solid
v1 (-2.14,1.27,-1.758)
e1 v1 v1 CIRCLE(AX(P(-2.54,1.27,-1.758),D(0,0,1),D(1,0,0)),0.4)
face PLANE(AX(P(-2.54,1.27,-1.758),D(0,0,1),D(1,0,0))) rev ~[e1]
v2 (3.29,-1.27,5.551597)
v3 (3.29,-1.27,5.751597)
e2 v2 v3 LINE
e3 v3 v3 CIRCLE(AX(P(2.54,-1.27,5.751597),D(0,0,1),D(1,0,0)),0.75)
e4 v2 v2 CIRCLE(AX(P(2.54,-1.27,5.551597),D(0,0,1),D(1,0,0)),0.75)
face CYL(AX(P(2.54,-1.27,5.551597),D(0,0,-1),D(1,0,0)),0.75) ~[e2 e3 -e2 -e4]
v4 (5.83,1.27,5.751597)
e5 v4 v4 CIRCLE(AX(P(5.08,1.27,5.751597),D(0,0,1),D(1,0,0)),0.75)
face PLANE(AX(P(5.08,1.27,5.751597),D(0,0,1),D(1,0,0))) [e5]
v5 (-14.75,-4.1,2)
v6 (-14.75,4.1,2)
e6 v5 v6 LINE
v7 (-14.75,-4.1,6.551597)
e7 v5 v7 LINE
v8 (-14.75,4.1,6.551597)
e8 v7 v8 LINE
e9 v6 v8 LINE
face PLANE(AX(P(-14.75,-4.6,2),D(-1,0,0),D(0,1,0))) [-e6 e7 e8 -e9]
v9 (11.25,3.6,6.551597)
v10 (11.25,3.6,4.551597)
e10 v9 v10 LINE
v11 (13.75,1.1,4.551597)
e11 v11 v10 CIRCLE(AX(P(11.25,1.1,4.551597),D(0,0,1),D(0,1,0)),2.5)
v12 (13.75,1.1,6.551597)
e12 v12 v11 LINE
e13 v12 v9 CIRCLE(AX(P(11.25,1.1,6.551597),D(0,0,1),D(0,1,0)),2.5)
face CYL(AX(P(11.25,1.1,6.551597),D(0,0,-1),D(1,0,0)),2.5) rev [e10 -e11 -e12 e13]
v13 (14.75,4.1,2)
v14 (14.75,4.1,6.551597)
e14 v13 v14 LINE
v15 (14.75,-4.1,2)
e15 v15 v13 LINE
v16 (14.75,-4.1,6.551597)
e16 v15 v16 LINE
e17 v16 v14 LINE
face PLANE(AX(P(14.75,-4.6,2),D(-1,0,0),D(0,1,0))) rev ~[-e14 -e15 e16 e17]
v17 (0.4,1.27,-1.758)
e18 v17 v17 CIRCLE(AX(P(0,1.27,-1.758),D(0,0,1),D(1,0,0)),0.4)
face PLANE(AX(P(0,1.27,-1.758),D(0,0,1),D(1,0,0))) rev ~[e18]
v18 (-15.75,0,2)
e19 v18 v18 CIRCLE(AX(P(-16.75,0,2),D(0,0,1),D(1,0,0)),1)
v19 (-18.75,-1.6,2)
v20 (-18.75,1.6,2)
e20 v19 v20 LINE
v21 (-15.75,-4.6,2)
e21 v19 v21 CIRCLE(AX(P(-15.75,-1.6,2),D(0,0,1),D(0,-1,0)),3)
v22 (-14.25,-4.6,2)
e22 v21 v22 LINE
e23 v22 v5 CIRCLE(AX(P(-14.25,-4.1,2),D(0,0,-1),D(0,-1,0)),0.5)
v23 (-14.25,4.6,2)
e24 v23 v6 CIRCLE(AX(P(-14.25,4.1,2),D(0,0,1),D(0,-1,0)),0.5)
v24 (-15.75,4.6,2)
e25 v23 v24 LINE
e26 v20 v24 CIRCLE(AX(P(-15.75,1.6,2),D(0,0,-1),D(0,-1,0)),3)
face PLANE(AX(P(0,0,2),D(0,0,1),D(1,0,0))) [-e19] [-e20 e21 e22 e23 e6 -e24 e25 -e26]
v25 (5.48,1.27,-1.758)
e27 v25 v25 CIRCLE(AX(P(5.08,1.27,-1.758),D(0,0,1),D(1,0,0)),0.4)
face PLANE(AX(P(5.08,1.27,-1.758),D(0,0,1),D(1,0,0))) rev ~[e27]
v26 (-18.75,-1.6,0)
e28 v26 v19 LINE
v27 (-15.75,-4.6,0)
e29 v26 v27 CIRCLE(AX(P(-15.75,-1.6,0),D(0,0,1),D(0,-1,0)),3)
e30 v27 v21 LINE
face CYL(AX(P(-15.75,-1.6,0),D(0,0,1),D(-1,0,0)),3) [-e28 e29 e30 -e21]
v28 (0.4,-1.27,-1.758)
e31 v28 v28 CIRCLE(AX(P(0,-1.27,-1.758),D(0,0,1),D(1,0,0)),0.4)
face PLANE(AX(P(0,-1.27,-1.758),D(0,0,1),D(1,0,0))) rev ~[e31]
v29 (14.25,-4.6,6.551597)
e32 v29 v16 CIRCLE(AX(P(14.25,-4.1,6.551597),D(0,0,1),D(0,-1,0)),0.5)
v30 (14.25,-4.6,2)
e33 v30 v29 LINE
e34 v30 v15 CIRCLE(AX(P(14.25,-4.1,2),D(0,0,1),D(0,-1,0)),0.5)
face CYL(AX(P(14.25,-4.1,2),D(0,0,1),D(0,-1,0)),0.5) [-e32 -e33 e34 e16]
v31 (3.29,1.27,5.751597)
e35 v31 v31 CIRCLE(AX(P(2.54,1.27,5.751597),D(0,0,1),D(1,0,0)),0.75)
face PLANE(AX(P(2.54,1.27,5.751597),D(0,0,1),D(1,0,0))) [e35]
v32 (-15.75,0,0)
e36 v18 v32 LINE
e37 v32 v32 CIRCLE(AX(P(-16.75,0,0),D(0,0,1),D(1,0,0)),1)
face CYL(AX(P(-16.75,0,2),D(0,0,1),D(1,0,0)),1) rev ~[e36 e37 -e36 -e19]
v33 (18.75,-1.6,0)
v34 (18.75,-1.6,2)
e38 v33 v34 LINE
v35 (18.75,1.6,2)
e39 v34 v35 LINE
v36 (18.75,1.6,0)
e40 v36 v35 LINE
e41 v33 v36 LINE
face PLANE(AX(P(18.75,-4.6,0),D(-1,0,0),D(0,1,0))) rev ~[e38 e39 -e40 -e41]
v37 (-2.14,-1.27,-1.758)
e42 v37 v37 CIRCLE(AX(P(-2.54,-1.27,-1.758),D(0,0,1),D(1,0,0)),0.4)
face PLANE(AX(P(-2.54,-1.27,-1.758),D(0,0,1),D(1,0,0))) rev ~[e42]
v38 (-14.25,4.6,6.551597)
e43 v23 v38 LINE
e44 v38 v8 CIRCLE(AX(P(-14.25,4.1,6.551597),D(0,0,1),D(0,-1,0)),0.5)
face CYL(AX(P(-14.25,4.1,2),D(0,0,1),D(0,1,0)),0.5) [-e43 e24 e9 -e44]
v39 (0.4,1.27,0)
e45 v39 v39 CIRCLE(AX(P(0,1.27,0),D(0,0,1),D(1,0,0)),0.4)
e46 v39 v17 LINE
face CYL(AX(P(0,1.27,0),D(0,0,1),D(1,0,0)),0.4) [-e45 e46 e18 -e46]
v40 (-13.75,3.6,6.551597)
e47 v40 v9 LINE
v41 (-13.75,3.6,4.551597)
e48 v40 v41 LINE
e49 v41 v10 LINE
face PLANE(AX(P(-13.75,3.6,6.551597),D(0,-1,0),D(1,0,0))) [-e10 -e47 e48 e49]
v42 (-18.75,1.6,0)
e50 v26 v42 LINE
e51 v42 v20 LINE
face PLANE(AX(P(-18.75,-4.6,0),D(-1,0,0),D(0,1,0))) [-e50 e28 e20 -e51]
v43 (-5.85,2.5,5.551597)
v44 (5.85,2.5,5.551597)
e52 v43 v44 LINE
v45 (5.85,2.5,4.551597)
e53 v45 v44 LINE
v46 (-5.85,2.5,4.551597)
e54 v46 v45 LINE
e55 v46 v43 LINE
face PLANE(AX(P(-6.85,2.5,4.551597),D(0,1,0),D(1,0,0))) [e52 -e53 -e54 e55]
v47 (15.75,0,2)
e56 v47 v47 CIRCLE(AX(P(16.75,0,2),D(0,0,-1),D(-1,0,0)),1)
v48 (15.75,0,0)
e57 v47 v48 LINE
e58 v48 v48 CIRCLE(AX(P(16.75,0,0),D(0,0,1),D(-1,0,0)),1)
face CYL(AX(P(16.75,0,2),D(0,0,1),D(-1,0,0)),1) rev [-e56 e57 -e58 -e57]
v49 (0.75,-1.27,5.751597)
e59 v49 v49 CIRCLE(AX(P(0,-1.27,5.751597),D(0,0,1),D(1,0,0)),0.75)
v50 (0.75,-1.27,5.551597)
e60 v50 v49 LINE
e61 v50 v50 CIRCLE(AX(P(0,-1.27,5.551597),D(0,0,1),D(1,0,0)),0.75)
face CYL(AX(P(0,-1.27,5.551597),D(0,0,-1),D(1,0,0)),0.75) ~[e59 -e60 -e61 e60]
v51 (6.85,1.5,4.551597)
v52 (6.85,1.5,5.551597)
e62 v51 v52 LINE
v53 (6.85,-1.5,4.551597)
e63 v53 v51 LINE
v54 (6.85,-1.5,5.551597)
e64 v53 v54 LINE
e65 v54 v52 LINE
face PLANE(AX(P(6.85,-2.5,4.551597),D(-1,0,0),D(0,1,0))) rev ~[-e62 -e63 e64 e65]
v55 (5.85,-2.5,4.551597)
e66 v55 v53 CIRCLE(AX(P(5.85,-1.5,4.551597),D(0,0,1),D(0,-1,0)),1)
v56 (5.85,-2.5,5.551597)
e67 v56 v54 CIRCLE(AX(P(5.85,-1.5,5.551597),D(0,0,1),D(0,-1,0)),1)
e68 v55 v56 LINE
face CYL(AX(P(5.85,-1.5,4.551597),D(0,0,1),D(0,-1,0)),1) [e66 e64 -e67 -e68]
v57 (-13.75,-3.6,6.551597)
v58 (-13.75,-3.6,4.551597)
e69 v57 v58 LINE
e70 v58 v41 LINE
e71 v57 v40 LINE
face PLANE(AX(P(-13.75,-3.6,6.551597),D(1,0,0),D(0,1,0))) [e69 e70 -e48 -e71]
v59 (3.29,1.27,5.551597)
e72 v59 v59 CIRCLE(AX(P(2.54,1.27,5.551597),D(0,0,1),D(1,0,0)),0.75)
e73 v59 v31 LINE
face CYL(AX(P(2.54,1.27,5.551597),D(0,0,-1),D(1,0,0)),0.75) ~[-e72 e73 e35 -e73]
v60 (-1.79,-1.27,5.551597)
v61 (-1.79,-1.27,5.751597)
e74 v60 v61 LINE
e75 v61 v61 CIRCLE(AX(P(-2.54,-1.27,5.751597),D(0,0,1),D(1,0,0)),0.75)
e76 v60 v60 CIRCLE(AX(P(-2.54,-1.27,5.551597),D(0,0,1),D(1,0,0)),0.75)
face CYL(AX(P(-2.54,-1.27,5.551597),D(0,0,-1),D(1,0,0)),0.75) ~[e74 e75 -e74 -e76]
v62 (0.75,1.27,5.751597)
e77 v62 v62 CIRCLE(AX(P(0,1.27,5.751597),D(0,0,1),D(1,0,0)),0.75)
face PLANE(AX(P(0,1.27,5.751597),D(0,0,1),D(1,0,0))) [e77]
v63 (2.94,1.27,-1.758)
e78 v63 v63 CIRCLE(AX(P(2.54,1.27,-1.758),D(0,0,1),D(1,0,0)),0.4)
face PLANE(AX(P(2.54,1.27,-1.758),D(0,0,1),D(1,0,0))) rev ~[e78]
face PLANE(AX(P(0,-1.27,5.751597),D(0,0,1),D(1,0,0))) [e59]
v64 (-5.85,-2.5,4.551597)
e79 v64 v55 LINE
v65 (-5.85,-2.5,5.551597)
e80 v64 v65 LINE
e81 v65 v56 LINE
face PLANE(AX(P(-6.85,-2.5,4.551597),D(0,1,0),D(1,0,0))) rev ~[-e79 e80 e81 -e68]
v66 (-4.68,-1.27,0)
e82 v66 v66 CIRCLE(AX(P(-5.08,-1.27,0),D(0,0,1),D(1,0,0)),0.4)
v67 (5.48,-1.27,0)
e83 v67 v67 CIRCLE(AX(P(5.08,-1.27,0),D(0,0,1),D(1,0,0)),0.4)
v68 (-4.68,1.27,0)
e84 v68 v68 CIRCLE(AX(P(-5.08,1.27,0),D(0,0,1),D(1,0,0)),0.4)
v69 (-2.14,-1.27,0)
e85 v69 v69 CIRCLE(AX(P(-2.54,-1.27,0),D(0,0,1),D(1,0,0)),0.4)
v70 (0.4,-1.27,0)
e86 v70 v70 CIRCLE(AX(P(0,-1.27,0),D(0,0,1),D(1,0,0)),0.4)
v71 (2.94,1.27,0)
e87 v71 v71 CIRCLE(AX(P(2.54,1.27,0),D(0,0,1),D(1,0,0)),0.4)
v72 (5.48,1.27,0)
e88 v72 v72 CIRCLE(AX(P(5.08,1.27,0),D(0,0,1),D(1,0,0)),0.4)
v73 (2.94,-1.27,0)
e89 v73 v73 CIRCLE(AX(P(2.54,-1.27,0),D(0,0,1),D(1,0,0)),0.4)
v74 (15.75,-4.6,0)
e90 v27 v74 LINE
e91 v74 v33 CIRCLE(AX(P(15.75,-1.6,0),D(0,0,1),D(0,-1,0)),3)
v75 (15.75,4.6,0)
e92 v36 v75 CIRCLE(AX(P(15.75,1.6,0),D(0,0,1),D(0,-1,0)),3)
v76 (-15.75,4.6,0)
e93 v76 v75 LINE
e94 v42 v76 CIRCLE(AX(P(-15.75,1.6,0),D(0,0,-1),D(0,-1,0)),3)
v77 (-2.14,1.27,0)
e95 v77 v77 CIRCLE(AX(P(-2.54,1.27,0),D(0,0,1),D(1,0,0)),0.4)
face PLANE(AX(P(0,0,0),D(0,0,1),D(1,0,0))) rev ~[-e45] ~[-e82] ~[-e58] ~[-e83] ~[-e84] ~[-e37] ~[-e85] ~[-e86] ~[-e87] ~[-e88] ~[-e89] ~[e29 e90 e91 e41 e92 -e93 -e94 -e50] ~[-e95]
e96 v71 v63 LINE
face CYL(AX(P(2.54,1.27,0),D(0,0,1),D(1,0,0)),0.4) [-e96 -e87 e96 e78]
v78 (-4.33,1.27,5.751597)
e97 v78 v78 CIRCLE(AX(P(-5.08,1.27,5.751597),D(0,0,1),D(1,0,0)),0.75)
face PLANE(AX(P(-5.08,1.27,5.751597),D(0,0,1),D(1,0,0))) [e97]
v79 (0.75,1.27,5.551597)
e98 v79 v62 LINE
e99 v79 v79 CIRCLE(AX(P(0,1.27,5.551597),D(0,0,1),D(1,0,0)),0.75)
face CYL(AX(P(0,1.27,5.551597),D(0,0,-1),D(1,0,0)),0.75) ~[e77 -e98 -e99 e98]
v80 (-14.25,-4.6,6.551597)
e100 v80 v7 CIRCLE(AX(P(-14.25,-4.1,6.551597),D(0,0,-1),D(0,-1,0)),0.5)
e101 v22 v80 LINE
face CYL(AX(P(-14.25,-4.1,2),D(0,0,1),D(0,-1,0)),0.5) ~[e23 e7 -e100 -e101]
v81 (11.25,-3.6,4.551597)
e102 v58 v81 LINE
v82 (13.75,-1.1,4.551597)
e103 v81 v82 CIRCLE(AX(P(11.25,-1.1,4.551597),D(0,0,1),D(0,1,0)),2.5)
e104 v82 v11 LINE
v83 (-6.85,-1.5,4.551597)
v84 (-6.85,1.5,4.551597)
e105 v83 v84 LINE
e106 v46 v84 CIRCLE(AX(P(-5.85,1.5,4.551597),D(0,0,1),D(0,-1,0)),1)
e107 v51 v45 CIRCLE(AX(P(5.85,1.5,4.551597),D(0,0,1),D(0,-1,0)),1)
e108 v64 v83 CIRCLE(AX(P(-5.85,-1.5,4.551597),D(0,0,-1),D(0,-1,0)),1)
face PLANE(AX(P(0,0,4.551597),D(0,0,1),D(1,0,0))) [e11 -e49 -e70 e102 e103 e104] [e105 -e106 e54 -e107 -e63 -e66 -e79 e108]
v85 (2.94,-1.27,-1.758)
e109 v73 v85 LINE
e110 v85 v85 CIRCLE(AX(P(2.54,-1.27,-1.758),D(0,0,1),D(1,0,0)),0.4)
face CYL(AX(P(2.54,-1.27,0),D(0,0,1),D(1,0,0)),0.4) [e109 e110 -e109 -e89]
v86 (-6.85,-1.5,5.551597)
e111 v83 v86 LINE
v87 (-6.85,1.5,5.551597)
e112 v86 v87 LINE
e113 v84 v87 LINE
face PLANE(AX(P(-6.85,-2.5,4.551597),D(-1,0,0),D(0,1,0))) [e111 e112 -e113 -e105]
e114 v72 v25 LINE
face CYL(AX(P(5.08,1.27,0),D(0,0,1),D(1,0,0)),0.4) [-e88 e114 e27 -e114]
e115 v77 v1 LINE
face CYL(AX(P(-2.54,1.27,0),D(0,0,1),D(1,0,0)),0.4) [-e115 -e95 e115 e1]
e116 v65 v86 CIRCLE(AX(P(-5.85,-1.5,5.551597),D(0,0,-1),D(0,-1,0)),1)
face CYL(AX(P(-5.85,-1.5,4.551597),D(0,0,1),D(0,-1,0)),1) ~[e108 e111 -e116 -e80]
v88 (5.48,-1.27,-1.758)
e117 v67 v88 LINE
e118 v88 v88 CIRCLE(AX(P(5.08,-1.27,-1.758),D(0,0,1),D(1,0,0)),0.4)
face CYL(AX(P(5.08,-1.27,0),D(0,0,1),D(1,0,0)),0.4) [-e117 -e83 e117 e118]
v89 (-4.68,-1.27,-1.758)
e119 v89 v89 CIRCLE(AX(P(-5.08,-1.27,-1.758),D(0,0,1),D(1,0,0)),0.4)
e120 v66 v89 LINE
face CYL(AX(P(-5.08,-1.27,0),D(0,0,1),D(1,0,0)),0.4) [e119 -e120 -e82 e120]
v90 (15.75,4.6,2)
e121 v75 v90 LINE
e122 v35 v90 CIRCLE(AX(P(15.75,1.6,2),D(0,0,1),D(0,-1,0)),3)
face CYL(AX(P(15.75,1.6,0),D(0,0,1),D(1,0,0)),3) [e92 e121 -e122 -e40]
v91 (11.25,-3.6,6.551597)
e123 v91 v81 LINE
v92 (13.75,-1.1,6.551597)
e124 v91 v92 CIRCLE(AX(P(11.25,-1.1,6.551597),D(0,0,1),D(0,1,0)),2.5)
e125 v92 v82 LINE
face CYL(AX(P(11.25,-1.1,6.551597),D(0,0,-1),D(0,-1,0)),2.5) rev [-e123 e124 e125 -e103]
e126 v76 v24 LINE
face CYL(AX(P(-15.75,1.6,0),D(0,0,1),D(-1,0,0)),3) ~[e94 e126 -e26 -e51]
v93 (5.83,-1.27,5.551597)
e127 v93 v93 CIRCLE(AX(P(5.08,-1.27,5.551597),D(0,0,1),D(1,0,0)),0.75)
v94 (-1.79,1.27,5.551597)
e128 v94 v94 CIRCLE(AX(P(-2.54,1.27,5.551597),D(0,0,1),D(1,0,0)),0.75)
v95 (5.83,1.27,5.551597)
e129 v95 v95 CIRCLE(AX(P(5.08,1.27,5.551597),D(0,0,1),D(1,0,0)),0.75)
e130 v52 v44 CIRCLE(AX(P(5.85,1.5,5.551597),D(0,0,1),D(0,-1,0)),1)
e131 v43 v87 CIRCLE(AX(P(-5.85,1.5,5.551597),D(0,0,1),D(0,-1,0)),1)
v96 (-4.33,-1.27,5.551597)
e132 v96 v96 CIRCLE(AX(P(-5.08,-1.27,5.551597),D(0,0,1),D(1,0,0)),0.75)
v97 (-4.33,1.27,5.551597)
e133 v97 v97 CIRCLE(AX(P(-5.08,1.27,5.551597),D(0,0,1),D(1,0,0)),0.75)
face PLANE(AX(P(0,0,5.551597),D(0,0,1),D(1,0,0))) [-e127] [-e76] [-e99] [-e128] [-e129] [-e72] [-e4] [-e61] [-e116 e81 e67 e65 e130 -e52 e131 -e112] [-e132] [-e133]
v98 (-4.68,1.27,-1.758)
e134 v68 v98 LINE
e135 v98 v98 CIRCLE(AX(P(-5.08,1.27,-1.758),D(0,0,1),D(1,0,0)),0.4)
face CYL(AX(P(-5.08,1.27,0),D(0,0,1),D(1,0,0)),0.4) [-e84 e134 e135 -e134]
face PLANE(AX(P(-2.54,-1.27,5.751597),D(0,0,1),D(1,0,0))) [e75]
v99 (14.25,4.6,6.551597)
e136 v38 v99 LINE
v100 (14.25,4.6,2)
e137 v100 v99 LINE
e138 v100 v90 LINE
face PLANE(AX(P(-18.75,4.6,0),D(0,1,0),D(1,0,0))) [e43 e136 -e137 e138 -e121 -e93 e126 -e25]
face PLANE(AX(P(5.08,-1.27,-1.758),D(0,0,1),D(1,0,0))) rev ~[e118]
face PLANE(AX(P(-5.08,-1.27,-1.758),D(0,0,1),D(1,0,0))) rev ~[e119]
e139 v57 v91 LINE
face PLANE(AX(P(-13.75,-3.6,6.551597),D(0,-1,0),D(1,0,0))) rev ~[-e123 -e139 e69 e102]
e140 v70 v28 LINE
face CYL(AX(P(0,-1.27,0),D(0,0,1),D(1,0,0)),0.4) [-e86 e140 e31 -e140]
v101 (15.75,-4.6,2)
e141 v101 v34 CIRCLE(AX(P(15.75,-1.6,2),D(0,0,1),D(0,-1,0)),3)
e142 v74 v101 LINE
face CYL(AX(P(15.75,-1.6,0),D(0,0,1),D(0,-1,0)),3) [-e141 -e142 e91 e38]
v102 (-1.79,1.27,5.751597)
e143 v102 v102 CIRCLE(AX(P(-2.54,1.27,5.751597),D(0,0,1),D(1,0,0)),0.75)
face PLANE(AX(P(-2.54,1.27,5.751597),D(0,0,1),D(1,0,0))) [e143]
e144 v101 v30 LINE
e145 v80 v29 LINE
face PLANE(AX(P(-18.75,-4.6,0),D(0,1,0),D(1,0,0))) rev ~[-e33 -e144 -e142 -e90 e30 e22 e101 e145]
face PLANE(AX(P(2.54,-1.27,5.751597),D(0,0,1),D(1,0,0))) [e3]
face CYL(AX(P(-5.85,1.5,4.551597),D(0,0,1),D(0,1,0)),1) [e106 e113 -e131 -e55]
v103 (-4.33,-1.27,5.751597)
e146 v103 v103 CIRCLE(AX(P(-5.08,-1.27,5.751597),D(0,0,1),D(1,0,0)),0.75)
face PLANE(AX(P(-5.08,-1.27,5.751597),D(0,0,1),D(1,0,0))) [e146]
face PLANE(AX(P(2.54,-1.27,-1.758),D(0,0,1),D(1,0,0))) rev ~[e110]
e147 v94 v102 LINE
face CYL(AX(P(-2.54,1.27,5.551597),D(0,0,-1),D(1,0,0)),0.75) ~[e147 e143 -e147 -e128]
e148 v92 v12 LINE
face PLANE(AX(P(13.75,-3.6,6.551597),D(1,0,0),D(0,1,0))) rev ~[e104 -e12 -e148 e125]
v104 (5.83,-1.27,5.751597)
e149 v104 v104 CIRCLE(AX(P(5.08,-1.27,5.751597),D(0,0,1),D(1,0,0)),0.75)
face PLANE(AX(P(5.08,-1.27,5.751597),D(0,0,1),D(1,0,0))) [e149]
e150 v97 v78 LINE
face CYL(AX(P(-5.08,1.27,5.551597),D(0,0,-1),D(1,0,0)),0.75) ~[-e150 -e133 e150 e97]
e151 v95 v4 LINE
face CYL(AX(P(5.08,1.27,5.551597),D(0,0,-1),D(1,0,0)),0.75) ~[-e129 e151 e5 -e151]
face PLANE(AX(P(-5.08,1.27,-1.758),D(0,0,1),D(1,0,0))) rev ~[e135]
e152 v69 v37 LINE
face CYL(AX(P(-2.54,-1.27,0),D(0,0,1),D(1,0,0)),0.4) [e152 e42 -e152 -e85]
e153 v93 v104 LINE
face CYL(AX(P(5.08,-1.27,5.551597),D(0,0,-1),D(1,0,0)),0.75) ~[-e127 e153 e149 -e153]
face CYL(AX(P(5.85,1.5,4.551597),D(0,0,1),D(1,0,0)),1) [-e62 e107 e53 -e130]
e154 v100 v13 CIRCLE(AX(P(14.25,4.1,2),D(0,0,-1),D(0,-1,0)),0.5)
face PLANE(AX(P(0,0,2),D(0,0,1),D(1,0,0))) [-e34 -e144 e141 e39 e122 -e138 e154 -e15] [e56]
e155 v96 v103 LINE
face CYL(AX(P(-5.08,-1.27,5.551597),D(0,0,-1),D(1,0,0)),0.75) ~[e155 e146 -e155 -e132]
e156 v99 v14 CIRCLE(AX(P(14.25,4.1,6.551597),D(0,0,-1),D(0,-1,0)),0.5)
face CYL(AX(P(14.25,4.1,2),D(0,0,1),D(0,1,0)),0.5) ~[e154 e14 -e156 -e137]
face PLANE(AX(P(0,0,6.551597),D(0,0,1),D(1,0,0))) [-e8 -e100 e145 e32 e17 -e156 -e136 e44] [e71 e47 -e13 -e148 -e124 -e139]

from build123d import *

# Parameters (mm, degrees)
ESQUISSE1_W                     = 37.5
ESQUISSE1_H                     = 9.2
BOSS_EXTRU_1_DEPTH              = 2
CONG_1_R                        = 3
ESQUISSE2_R                     = 1
ENL_V_MAT_EXTRU_1_DEPTH         = 3
ESQUISSE3_W                     = 29.5
ESQUISSE3_H                     = 9.2
BOSS_EXTRU_2_DEPTH              = 4.551597138
CONG_2_R                        = 0.5
ESQUISSE4_W                     = 27.5
ESQUISSE4_H                     = 7.2
ENL_V_MAT_EXTRU_2_DEPTH         = 2
CONG_3_R                        = 2.5
ESQUISSE5_W                     = 13.7
ESQUISSE5_H                     = 5
BOSS_EXTRU_3_DEPTH              = 1
CONG_4_R                        = 1
ESQUISSE6_R                     = 0.75
BOSS_EXTRU_4_DEPTH              = 0.2
BOSS_EXTRU_5_START              = -5.751597
ESQUISSE7_R                     = 0.4
BOSS_EXTRU_5_DEPTH              = 1.758
R_P_TITION_LIN_AIRE1_COUNT      = 2
R_P_TITION_LIN_AIRE1_PITCH      = 2.54
R_P_TITION_LIN_AIRE1_COUNT_DIR2 = 5
R_P_TITION_LIN_AIRE1_PITCH_DIR2 = 2.54


with BuildPart() as part:
    # Esquisse1 → Boss.-Extru.1 (new body)
    with BuildSketch(Plane.XY):
        Rectangle(ESQUISSE1_W, ESQUISSE1_H)
    extrude(amount=BOSS_EXTRU_1_DEPTH)

    # Congé1
    cong_1_edges = [part.edges().sort_by_distance(p)[0] for p in [
        (-18.75, 4.6, 1),
        (18.75, 4.6, 1),
        (18.75, -4.6, 1),
        (-18.75, -4.6, 1),
    ]]
    fillet(cong_1_edges, radius=CONG_1_R)

    # Esquisse2 → Enlèv. mat.-Extru.1 (cut, through all)
    with BuildSketch(Plane.XY.offset(2)):
        with Locations((-16.75, 0)):
            Circle(ESQUISSE2_R)
    enl_v_mat_extru_1 = extrude(amount=-ENL_V_MAT_EXTRU_1_DEPTH, mode=Mode.SUBTRACT)

    # Symétrie1: Enlèv. mat.-Extru.1 across plane
    add(enl_v_mat_extru_1.mirror(Plane(origin=(0, 0, 0), x_dir=(0, 0, 1), z_dir=(1, 0, 0))), mode=Mode.SUBTRACT)

    # Esquisse3 → Boss.-Extru.2 (add)
    with BuildSketch(Plane.XY.offset(2)):
        Rectangle(ESQUISSE3_W, ESQUISSE3_H)
    extrude(amount=BOSS_EXTRU_2_DEPTH)

    # Congé2
    cong_2_edges = [part.edges().sort_by_distance(p)[0] for p in [
        (-14.75, 4.6, 4.275798569),
        (-14.75, -4.6, 4.275798569),
        (14.75, -4.6, 4.275798569),
        (14.75, 4.6, 4.275798569),
    ]]
    fillet(cong_2_edges, radius=CONG_2_R)

    # Esquisse4 → Enlèv. mat.-Extru.2 (cut)
    with BuildSketch(Plane.XY.offset(6.551597138)):
        Rectangle(ESQUISSE4_W, ESQUISSE4_H)
    extrude(amount=-ENL_V_MAT_EXTRU_2_DEPTH, mode=Mode.SUBTRACT)

    # Congé3
    cong_3_edges = [part.edges().sort_by_distance(p)[0] for p in [
        (13.75, 3.6, 5.551597138),
        (13.75, -3.6, 5.551597138),
    ]]
    fillet(cong_3_edges, radius=CONG_3_R)

    # Esquisse5 → Boss.-Extru.3 (add)
    with BuildSketch(Plane.XY.offset(4.551597138)):
        Rectangle(ESQUISSE5_W, ESQUISSE5_H)
    extrude(amount=BOSS_EXTRU_3_DEPTH)

    # Congé4
    cong_4_edges = [part.edges().sort_by_distance(p)[0] for p in [
        (-6.85, 2.5, 5.051597138),
        (-6.85, -2.5, 5.051597138),
        (6.85, -2.5, 5.051597138),
        (6.85, 2.5, 5.051597138),
    ]]
    fillet(cong_4_edges, radius=CONG_4_R)

    # Esquisse6 → Boss.-Extru.4 (add)
    with BuildSketch(Plane.XY.offset(5.551597138)):
        with Locations((-5.08, 1.27)):
            Circle(ESQUISSE6_R)
    boss_extru_4 = extrude(amount=BOSS_EXTRU_4_DEPTH)

    # Esquisse7 → Boss.-Extru.5 (add)
    with BuildSketch(Plane.XY.offset(5.751597138).offset(BOSS_EXTRU_5_START)):
        with Locations((-5.08, 1.27)):
            Circle(ESQUISSE7_R)
    boss_extru_5 = extrude(amount=-BOSS_EXTRU_5_DEPTH)

    # Répétition linéaire1: Boss.-Extru.4, Boss.-Extru.5 2 × 5
    with Locations(*[(j * R_P_TITION_LIN_AIRE1_PITCH_DIR2, -i * R_P_TITION_LIN_AIRE1_PITCH, 0) for i in range(R_P_TITION_LIN_AIRE1_COUNT) for j in range(R_P_TITION_LIN_AIRE1_COUNT_DIR2) if (i, j) != (0, 0)]):
        add(boss_extru_4)
        add(boss_extru_5)


solid = part.part
